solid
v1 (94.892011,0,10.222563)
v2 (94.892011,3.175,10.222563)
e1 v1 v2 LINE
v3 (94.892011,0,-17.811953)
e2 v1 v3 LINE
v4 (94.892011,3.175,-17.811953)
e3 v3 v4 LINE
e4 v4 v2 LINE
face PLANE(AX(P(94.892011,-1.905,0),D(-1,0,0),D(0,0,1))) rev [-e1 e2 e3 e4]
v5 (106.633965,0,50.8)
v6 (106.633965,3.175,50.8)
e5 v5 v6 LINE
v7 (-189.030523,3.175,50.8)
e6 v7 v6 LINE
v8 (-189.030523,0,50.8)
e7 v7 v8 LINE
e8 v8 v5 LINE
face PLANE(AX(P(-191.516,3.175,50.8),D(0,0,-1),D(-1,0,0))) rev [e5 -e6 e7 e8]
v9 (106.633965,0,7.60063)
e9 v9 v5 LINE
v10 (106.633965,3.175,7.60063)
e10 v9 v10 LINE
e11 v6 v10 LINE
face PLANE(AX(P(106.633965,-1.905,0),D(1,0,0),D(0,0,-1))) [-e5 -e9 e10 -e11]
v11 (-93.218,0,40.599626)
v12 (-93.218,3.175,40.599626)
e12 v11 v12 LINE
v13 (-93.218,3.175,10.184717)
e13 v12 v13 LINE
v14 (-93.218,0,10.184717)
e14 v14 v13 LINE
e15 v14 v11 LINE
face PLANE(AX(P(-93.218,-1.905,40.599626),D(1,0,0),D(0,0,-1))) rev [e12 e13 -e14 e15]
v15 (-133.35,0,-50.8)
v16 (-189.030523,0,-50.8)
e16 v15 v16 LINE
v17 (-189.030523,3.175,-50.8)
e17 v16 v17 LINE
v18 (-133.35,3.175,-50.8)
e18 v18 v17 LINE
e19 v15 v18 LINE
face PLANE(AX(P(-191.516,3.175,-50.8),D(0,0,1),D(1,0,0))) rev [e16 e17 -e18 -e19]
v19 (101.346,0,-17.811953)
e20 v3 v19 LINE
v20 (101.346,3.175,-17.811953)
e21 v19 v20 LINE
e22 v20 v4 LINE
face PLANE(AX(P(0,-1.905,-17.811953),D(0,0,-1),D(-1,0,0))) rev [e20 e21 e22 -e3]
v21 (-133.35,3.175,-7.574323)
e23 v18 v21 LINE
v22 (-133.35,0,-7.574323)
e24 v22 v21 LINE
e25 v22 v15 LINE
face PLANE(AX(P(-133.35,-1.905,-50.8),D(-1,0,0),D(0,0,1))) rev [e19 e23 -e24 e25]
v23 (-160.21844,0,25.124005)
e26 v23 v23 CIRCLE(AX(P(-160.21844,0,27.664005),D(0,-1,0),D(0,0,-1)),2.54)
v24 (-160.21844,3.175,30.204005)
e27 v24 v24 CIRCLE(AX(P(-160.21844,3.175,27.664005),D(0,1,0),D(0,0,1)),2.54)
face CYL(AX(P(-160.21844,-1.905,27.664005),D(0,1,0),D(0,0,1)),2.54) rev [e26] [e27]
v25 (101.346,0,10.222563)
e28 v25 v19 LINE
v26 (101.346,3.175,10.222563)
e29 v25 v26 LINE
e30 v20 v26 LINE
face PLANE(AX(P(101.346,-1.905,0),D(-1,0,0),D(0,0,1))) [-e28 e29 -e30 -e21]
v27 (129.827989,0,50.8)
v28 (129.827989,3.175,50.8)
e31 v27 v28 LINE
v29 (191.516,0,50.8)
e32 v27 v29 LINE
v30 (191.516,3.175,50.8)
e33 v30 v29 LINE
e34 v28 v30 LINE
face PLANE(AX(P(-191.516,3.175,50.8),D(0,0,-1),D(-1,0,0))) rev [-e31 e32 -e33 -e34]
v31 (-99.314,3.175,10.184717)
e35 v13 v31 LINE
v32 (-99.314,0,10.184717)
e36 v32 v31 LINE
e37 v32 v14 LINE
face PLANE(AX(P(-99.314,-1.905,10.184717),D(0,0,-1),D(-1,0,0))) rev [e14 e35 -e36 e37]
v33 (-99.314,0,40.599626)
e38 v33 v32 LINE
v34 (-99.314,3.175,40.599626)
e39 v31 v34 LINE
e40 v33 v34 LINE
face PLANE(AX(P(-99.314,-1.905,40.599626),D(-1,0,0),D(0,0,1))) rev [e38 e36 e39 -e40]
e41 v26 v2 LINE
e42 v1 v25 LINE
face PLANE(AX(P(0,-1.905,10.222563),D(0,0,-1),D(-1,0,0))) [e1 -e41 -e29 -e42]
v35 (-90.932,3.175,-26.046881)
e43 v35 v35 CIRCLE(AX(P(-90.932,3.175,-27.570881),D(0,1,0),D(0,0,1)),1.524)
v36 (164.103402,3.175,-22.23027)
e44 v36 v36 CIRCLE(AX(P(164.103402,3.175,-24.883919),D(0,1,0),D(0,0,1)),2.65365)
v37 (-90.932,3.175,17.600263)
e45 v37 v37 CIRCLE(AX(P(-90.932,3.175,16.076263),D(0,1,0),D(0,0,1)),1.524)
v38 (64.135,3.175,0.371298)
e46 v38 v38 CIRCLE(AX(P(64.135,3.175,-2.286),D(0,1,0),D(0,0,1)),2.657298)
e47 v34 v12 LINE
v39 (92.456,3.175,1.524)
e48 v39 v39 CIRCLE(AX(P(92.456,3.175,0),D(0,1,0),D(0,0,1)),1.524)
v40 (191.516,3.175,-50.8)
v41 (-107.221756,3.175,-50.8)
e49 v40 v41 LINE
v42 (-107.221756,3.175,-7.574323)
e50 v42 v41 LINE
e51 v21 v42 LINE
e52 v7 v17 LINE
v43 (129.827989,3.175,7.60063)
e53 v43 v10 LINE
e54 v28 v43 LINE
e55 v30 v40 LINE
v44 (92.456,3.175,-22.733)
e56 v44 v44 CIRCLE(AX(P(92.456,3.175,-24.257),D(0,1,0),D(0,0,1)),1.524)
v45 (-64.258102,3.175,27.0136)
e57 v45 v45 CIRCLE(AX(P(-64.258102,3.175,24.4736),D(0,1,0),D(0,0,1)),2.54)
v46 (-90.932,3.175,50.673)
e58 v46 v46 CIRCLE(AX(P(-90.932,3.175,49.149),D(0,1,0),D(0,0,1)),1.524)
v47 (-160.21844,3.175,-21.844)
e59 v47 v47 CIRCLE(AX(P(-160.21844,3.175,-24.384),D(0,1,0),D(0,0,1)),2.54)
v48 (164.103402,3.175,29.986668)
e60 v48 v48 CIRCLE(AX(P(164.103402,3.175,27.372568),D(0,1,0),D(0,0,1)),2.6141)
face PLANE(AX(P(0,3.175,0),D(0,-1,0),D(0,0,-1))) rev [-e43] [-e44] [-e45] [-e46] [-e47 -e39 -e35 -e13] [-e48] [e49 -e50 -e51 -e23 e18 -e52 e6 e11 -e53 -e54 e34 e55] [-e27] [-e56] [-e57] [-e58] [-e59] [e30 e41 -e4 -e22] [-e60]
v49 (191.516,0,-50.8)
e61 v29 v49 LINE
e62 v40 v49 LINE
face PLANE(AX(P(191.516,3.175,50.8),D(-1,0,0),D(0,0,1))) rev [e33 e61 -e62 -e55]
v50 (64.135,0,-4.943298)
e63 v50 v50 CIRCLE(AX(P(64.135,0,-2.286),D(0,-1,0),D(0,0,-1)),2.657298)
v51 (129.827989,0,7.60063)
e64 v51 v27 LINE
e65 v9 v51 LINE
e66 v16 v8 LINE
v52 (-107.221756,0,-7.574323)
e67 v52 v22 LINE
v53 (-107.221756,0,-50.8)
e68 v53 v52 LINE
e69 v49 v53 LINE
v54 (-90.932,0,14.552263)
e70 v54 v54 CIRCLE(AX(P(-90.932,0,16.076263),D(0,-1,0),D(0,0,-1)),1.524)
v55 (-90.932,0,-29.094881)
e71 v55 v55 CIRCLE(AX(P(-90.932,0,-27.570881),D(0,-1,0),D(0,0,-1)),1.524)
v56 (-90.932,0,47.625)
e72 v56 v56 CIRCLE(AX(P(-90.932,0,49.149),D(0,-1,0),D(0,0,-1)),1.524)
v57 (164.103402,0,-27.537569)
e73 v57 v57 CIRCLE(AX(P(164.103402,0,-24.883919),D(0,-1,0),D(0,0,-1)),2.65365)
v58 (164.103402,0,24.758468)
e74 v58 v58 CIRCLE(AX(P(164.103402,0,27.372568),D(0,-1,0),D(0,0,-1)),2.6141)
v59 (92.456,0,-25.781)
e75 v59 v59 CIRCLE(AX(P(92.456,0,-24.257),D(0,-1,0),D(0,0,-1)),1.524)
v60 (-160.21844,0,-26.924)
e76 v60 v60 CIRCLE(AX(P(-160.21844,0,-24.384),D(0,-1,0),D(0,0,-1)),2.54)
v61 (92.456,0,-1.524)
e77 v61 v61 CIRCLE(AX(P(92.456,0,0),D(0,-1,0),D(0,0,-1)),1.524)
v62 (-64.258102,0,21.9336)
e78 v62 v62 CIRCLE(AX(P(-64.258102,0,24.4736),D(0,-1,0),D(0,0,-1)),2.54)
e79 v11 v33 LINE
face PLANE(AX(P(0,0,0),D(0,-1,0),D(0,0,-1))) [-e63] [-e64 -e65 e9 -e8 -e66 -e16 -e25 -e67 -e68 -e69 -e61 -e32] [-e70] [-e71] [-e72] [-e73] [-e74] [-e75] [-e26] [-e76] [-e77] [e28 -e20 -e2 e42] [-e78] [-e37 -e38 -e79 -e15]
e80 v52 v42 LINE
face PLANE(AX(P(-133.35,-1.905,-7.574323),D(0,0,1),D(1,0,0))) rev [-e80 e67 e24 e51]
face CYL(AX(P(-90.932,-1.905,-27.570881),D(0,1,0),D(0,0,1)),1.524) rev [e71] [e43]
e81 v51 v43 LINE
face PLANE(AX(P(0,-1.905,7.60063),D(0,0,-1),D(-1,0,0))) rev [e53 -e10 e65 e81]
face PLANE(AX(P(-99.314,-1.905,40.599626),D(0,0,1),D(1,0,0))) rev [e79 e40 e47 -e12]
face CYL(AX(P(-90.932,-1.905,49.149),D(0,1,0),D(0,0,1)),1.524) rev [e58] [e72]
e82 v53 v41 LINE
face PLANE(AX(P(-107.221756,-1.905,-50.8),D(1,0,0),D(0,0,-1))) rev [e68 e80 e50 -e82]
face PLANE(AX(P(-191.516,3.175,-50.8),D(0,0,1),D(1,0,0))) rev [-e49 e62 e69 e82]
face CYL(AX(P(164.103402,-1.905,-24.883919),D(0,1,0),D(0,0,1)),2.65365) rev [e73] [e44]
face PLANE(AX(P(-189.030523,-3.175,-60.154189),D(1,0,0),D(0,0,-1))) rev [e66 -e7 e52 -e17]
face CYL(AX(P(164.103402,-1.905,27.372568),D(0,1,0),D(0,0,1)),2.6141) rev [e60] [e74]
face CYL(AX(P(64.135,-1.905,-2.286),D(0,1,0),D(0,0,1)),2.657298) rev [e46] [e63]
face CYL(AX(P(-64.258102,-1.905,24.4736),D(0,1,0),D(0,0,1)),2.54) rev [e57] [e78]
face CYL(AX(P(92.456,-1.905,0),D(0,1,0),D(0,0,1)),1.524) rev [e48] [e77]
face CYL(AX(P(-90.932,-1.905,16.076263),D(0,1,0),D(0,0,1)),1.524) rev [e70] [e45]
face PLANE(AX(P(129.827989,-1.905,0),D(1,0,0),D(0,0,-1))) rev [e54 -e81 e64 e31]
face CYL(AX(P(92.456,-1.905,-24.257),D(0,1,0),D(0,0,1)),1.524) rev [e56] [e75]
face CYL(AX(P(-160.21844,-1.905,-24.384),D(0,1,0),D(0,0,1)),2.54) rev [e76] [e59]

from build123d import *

# Parameters (mm, degrees)
SKETCH2_W           = 383.032
SKETCH2_H           = 101.6
BOSS_EXTRUDE1_DEPTH = 3.175
SKETCH3_R           = 2.54
SKETCH3_R_2         = 1.524
SKETCH3_W           = 26.128243683
SKETCH3_H           = 43.225676532
SKETCH3_W_2         = 6.096
SKETCH3_H_2         = 30.414908662
CUT_EXTRUDE1_DEPTH  = 5.08
SKETCH4_W           = 23.194024084
SKETCH4_H           = 43.199369669
SKETCH4_W_2         = 6.45398931
SKETCH4_H_2         = 28.034516067
SKETCH4_R           = 2.653649749
SKETCH4_R_2         = 2.61409985
SKETCH4_R_3         = 2.657297928
SKETCH4_R_4         = 1.524
CUT_EXTRUDE2_DEPTH  = 5.08
SKETCH5_W           = 11.780939099
SKETCH5_H           = 116.381398369
CUT_EXTRUDE3_DEPTH  = 6.35


with BuildPart() as part:
    # Sketch2 → Boss-Extrude1 (new body)
    with BuildSketch(Plane(origin=(0, 0, 0), x_dir=(1, 0, 0), z_dir=(0, 1, 0))):
        Rectangle(SKETCH2_W, SKETCH2_H)
    extrude(amount=BOSS_EXTRUDE1_DEPTH)

    # Sketch3 → Cut-Extrude1 (cut)
    with BuildSketch(Plane(origin=(0, 3.175, 0), x_dir=(1, 0, 0), z_dir=(0, 1, 0))):
        with Locations(Location((-160.218440268, 24.384, 0), (0, 0, 270))):
            Circle(SKETCH3_R)
        with Locations(Location((-160.218440268, -27.664005213, 0), (0, 0, 270))):
            Circle(SKETCH3_R)
        with Locations(Location((-90.932, -49.149, 0), (0, 0, 270))):
            Circle(SKETCH3_R_2)
        with Locations(Location((-90.932, -16.076263173, 0), (0, 0, 270))):
            Circle(SKETCH3_R_2)
        with Locations(Location((-90.932, 27.570881088, 0), (0, 0, 270))):
            Circle(SKETCH3_R_2)
        with Locations(Location((-64.2581016, -24.473600424, 0), (0, 0, 270))):
            Circle(SKETCH3_R)
        with Locations((-120.285878158, 29.187161734)):
            Rectangle(SKETCH3_W, SKETCH3_H)
        with Locations((-96.266, -25.392171491)):
            Rectangle(SKETCH3_W_2, SKETCH3_H_2)
    extrude(amount=-CUT_EXTRUDE1_DEPTH, mode=Mode.SUBTRACT)

    # Sketch4 → Cut-Extrude2 (cut)
    with BuildSketch(Plane(origin=(0, 3.175, 0), x_dir=(1, 0, 0), z_dir=(0, 1, 0))):
        with Locations((118.230976638, -29.200315166)):
            Rectangle(SKETCH4_W, SKETCH4_H)
        with Locations((98.119005345, 3.794694545)):
            Rectangle(SKETCH4_W_2, SKETCH4_H_2)
        with Locations(Location((164.103401606, 24.883919413, 0), (0, 0, 270))):
            Circle(SKETCH4_R)
        with Locations(Location((164.103401606, -27.372567953, 0), (0, 0, 270))):
            Circle(SKETCH4_R_2)
        with Locations(Location((64.135, 2.286, 0), (0, 0, 270))):
            Circle(SKETCH4_R_3)
        with Locations(Location((92.456, 24.257, 0), (0, 0, 270))):
            Circle(SKETCH4_R_4)
        with Locations(Location((92.456, 0, 0), (0, 0, 270))):
            Circle(SKETCH4_R_4)
    extrude(amount=-CUT_EXTRUDE2_DEPTH, mode=Mode.SUBTRACT)

    # Sketch5 → Cut-Extrude3 (cut)
    with BuildSketch(Plane(origin=(0, 3.175, 0), x_dir=(1, 0, 0), z_dir=(0, 1, 0))):
        with Locations((-194.920992361, 1.96348985)):
            Rectangle(SKETCH5_W, SKETCH5_H)
    extrude(amount=-CUT_EXTRUDE3_DEPTH, mode=Mode.SUBTRACT)


solid = part.part
